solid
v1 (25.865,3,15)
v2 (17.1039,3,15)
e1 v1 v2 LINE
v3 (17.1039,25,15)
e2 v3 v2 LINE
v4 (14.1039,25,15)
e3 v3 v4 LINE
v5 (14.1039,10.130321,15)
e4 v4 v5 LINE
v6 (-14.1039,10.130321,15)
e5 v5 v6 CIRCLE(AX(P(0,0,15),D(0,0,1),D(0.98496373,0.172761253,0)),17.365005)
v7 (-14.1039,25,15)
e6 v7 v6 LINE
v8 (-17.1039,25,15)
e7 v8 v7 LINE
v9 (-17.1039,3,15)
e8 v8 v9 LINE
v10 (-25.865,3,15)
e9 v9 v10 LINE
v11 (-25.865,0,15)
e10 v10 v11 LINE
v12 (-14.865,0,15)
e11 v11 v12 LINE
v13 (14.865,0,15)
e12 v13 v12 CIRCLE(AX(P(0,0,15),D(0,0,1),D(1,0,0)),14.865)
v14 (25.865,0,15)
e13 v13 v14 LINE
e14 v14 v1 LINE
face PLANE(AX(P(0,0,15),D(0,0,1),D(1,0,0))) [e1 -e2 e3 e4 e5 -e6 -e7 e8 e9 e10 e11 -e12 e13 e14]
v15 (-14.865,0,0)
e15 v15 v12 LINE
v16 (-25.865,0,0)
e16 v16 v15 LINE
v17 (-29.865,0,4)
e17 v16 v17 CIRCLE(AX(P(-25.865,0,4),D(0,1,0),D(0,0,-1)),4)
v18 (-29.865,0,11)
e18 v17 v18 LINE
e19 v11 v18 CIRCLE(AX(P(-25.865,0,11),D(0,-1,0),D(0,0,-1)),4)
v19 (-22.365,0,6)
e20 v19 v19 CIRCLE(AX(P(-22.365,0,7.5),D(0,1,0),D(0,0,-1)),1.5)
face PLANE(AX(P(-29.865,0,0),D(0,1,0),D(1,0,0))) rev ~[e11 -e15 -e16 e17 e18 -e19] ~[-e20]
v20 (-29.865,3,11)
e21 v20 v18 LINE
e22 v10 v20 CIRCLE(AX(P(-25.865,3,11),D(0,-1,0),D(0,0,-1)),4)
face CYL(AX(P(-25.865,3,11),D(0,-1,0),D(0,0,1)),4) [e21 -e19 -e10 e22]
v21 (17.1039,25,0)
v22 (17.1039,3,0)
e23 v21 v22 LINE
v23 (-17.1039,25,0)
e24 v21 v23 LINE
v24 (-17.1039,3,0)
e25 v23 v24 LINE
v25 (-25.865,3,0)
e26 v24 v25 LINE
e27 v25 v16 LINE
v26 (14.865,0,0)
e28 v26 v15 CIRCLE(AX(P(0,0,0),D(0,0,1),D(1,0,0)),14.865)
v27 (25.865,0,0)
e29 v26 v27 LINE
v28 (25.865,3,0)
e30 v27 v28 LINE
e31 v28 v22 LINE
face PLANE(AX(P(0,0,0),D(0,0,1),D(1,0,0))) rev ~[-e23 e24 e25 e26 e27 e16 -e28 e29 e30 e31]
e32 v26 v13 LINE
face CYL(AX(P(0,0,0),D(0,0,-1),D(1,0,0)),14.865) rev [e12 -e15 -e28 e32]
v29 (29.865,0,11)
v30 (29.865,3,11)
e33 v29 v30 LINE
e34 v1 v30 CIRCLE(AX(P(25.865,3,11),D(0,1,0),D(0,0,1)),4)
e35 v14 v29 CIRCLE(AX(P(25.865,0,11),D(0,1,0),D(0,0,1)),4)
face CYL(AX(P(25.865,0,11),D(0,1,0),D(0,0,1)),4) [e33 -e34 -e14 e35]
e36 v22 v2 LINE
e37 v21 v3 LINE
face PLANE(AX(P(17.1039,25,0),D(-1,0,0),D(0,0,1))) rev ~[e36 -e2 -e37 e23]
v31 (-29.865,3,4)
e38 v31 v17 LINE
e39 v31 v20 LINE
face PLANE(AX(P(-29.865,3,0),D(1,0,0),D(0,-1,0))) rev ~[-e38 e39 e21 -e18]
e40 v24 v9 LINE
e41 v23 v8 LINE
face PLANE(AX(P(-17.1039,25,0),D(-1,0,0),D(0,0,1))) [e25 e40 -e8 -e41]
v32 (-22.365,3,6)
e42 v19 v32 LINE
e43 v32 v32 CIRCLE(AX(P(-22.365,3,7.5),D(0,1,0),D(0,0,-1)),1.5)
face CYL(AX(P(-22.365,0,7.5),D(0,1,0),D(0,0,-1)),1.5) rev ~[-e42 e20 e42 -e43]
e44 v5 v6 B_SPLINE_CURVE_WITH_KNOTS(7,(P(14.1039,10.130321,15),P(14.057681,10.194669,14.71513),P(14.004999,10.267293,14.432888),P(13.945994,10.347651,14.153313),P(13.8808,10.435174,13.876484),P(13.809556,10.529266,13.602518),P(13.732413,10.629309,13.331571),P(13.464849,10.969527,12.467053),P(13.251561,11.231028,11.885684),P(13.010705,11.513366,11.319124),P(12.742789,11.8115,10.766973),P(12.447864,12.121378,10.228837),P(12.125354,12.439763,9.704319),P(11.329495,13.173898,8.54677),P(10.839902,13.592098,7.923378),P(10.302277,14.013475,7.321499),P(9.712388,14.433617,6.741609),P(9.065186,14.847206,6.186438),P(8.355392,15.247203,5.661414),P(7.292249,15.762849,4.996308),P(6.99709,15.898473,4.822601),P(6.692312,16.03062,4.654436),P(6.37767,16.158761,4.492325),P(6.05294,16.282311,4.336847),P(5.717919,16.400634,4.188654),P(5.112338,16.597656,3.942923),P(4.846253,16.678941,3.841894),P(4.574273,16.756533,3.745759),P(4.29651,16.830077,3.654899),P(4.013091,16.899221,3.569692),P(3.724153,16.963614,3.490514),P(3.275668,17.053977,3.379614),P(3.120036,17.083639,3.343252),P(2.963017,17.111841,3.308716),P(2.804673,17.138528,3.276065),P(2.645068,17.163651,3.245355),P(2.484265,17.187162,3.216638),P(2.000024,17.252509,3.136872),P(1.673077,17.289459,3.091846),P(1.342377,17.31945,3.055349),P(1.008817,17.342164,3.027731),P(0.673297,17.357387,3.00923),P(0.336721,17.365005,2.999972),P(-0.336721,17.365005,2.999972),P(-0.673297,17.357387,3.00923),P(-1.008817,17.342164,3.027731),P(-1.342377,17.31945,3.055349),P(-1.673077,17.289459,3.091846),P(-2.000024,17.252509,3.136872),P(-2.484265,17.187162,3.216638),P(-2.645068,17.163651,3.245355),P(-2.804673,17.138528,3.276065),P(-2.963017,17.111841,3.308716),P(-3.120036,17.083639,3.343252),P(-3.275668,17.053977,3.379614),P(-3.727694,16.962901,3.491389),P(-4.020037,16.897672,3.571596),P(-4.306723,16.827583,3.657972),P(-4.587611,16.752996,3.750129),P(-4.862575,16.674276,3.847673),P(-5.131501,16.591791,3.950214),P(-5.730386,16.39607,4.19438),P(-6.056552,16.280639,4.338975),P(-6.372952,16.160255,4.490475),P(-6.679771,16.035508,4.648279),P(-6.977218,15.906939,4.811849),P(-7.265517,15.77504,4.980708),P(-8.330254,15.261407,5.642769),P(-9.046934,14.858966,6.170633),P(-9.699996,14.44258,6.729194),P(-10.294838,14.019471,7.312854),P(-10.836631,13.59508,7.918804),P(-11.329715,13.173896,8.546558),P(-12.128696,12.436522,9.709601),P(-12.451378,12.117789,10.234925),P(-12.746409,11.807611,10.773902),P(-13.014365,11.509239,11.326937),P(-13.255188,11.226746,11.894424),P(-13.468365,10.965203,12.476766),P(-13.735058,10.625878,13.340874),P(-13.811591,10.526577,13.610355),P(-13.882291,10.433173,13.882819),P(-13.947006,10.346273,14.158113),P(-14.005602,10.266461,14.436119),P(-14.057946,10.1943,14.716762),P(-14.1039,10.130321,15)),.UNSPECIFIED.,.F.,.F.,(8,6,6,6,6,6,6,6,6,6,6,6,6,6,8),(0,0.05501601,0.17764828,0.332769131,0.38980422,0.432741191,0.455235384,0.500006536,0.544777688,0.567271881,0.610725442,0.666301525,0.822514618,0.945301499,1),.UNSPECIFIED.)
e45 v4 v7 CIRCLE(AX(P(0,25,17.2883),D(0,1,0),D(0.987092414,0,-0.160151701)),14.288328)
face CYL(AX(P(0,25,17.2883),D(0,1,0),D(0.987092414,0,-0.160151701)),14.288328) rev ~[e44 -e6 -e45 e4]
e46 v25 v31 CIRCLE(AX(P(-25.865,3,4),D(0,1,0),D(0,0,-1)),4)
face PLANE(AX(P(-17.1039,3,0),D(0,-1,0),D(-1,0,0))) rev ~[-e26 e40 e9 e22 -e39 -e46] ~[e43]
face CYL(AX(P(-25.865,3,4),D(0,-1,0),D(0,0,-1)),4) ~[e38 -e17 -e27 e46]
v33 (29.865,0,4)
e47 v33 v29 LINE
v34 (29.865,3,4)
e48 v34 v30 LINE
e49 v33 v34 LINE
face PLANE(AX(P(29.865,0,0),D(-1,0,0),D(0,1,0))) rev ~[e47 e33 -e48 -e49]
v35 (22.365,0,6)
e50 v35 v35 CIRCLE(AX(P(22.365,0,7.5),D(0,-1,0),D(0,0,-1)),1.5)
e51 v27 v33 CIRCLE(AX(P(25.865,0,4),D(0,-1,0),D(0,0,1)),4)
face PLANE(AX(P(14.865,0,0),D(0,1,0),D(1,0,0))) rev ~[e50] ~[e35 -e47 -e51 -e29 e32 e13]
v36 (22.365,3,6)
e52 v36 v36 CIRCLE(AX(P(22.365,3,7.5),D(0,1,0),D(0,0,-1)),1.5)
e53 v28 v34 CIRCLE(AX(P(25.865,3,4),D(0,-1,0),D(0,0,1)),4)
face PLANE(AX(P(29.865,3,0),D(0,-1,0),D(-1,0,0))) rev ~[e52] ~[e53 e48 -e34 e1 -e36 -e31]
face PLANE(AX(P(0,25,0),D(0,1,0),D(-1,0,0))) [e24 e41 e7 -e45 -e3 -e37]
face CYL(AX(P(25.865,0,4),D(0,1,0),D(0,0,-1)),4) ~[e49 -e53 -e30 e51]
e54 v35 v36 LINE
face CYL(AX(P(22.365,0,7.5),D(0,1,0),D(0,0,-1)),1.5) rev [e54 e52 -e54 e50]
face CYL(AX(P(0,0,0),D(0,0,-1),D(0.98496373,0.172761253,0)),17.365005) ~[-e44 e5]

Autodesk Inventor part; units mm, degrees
ref_plane "YZ Plane" through (0, 0, 0) normal (1, 0, 0) x (0, 1, 0)
ref_plane "XY Plane" through (0, 0, 0) normal (0, 0, 1) x (1, 0, 0)
sketch "Sketch1" plane through (0, 0, 0) normal (0, 0, 1) x (1, 0, 0)
  arc A0 (14.865, 0) -> (-14.865, 0) centre (0, 0) ccw
  arc A1 (17.1039, 3) -> (-17.1039, 3) centre (0, 0) ccw
  line L0 (-17.1039, 3) -> (-29.865, 3)
  line L1 (-29.865, 3) -> (-29.865, 0)
  line L2 (-29.865, 0) -> (-14.865, 0)
  line L3 (14.865, 0) -> (29.865, 0)
  line L4 (29.865, 0) -> (29.865, 3)
  line L5 (29.865, 3) -> (17.1039, 3)
  dimension "d0" = 3
  dimension "d1" = 14.865
  dimension "d2" = 2.5
  dimension "d3" = 15
extrude "Extrusion1" add sketch "Sketch1" along normal blind 15
sketch "Sketch2" plane through (-29.865, 0, 0) normal (0, -1, 0) x (1, 0, 0)
  line L0 (0, 15) -> (15, 15) projected
  line L1 (0, 0) -> (0, 15) projected
  point P0 (29.865, 0)
  point P1 (7.5, 7.5)
  point P2 (7.5, 15)
  point P3 (0, 7.5)
hole "Hole1" at (-22.365, 0, 7.5) direction (0, 1, 0) diameter 3 end through all
mirror "Mirror1" about plane through (0, 0, 0) normal (1, 0, 0) of "Hole1"
ref_plane "Work Plane1" through (0, 25, 0) normal (0, 1, 0) x (-1, 0, 0)
sketch "Sketch3" plane through (0, 25, 0) normal (0, 1, 0) x (-1, 0, 0)
  line L0 (-17.1039, 0) -> (17.1039, 0) projected
  line L1 (-17.1039, 0) -> (-17.1039, 15) projected
  line L2 (17.1039, 0) -> (17.1039, 15) projected
  line L3 (-17.1039, 15) -> (-14.1039, 15)
  line L4 (17.1039, 15) -> (14.1039, 15)
  arc A0 (-14.1039, 15) -> (14.1039, 15) centre (0, 17.2883) ccw
  point P0 (0, 0)
  point P1 (0, 3)
  dimension "d14" = 3
  dimension "d15" = 3
  dimension "d16" = 3
extrude "Extrusion2" add sketch "Sketch3" against normal up to next
fillet "Fillet1" radius 4 4 edges at (-29.865, 1.5, 15) (-29.865, 1.5, 0) (29.865, 1.5, 0) (29.865, 1.5, 15)
properties part number "Motor Mount C-Clamp Base"
